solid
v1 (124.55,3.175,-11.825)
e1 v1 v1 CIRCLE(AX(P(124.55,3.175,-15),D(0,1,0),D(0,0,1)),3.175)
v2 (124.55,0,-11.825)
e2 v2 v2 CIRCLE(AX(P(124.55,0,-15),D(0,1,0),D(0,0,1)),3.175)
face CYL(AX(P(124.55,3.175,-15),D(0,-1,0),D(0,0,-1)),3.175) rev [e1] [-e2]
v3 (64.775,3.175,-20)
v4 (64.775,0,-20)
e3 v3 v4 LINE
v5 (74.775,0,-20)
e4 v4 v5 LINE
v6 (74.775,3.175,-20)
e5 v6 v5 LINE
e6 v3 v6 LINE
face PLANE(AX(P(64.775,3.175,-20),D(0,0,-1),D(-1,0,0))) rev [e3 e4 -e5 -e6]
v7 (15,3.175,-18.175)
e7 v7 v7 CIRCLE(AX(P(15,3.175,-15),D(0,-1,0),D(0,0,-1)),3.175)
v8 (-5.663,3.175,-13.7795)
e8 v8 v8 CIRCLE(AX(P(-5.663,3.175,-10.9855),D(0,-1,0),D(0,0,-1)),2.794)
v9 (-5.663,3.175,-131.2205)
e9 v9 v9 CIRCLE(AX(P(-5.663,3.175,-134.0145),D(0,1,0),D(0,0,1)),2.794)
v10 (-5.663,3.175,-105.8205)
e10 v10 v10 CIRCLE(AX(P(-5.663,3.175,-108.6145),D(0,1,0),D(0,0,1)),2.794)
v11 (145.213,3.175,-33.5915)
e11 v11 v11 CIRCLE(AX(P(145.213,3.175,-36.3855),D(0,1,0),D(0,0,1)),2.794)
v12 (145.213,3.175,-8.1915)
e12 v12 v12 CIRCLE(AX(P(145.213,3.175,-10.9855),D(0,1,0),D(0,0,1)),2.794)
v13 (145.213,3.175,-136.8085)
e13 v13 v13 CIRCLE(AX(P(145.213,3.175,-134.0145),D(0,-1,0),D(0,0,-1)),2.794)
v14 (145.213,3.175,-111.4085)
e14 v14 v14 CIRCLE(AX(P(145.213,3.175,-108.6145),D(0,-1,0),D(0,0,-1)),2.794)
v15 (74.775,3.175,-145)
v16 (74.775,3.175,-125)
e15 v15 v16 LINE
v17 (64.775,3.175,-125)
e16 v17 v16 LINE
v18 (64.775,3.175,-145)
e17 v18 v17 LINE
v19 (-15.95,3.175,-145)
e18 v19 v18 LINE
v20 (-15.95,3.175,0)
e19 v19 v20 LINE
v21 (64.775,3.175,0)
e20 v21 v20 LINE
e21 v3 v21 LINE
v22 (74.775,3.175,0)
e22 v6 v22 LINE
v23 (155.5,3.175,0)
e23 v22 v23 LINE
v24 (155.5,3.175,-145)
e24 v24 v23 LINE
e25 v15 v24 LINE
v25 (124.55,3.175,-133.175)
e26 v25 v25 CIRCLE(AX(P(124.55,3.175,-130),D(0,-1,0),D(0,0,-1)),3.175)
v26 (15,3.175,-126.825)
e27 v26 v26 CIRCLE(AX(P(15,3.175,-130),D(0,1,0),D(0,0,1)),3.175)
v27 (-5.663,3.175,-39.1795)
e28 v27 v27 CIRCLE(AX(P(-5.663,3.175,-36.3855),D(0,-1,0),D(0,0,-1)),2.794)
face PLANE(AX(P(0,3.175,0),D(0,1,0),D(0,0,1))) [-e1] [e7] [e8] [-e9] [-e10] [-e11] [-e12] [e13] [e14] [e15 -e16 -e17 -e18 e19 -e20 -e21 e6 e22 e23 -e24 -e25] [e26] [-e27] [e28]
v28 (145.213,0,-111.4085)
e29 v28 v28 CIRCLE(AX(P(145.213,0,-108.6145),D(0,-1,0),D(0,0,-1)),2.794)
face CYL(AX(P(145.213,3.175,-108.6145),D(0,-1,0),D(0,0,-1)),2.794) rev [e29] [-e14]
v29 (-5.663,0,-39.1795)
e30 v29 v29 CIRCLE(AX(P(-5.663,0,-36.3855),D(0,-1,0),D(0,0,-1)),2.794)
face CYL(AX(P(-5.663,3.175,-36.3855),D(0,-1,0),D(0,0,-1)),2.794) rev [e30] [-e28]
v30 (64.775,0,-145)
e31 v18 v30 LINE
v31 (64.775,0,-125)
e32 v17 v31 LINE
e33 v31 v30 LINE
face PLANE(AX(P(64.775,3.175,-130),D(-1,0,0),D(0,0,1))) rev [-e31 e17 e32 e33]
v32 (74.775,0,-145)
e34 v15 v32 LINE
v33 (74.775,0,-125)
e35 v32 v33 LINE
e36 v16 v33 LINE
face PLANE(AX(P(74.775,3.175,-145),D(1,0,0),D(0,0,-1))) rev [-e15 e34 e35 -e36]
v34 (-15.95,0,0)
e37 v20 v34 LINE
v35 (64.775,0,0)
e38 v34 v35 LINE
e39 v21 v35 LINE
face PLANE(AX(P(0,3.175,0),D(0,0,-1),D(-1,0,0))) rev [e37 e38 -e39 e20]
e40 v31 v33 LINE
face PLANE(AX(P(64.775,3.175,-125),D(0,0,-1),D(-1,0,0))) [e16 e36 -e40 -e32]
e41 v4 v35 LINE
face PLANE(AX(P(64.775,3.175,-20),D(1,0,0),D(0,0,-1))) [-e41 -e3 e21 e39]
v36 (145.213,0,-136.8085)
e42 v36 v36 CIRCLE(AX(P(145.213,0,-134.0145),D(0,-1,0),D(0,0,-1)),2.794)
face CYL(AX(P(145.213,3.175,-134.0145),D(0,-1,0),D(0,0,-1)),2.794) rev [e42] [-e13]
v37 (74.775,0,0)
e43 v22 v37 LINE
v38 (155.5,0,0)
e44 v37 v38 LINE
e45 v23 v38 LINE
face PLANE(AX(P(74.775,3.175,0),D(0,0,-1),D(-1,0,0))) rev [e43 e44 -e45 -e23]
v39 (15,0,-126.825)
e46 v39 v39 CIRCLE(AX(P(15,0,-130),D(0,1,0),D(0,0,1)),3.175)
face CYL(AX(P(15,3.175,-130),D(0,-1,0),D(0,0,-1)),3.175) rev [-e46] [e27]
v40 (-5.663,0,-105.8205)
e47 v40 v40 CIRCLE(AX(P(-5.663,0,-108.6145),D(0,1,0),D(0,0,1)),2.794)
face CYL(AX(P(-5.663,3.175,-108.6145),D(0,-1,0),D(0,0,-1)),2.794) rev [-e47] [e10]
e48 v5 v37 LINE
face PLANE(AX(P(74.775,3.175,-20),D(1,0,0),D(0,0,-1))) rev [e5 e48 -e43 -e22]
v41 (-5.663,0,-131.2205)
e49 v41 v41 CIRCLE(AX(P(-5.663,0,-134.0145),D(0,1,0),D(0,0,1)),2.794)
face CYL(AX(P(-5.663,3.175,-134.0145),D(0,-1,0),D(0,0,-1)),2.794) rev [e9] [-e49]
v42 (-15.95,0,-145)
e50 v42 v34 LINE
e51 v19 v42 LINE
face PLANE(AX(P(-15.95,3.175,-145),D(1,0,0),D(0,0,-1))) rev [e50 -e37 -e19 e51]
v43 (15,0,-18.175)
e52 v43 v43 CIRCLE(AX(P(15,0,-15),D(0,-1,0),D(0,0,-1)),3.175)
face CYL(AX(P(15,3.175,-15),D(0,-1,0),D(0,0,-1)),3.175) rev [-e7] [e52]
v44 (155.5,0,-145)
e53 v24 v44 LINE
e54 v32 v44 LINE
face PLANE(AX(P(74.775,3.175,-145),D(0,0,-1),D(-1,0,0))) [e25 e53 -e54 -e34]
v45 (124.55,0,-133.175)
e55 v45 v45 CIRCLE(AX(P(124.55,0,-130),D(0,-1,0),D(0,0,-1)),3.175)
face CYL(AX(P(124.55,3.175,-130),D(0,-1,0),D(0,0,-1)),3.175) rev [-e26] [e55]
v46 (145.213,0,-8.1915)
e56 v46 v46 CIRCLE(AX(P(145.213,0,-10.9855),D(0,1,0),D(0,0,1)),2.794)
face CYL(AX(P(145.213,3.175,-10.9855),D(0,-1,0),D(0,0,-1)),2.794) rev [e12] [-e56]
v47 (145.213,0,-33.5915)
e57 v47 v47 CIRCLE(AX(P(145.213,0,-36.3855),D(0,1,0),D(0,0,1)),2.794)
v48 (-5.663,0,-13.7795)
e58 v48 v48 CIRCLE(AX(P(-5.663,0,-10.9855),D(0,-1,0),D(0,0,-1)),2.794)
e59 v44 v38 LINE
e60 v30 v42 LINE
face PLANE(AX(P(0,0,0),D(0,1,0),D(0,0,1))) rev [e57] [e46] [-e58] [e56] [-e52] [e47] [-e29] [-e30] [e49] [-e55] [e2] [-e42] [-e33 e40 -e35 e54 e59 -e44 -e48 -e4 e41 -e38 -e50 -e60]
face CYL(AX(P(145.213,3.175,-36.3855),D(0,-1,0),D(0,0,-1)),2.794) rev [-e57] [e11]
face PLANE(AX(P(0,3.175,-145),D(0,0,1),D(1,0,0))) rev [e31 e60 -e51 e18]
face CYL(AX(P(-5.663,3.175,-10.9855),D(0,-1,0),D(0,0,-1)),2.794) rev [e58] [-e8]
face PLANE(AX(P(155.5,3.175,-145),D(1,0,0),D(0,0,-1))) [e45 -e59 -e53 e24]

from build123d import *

# Parameters (mm, degrees)
SKETCH1_R           = 3.175
SKETCH1_R_2         = 2.794
BOSS_EXTRUDE3_DEPTH = 3.175


with BuildPart() as part:
    # Sketch1 → Boss-Extrude3 (new body)
    with BuildSketch(Plane(origin=(0, 0, 0), x_dir=(1, 0, 0), z_dir=(0, 1, 0))):
        Polygon((0, 0), (64.775, 0), (64.775, 20), (74.775, 20), (74.775, 0), (155.5, 0), (155.5, 145), (139.55, 145), (74.775, 145), (74.775, 125), (64.775, 125), (64.775, 130), (64.775, 145), (0, 145), (-15.95, 145), (-15.95, 0), align=None)
        with Locations(Location((15, 130, 0), (0, 0, 270))):
            Circle(SKETCH1_R, mode=Mode.SUBTRACT)
        with Locations(Location((124.55, 130, 0), (0, 0, 90))):
            Circle(SKETCH1_R, mode=Mode.SUBTRACT)
        with Locations(Location((15, 15, 0), (0, 0, 90))):
            Circle(SKETCH1_R, mode=Mode.SUBTRACT)
        with Locations(Location((124.55, 15, 0), (0, 0, 270))):
            Circle(SKETCH1_R, mode=Mode.SUBTRACT)
        with Locations(Location((-5.663, 134.0145, 0), (0, 0, 270))):
            Circle(SKETCH1_R_2, mode=Mode.SUBTRACT)
        with Locations(Location((-5.663, 108.6145, 0), (0, 0, 270))):
            Circle(SKETCH1_R_2, mode=Mode.SUBTRACT)
        with Locations(Location((145.213, 134.0145, 0), (0, 0, 90))):
            Circle(SKETCH1_R_2, mode=Mode.SUBTRACT)
        with Locations(Location((145.213, 108.6145, 0), (0, 0, 90))):
            Circle(SKETCH1_R_2, mode=Mode.SUBTRACT)
        with Locations(Location((-5.663, 36.3855, 0), (0, 0, 90))):
            Circle(SKETCH1_R_2, mode=Mode.SUBTRACT)
        with Locations(Location((-5.663, 10.9855, 0), (0, 0, 90))):
            Circle(SKETCH1_R_2, mode=Mode.SUBTRACT)
        with Locations(Location((145.213, 10.9855, 0), (0, 0, 270))):
            Circle(SKETCH1_R_2, mode=Mode.SUBTRACT)
        with Locations(Location((145.213, 36.3855, 0), (0, 0, 270))):
            Circle(SKETCH1_R_2, mode=Mode.SUBTRACT)
    extrude(amount=BOSS_EXTRUDE3_DEPTH)


solid = part.part
